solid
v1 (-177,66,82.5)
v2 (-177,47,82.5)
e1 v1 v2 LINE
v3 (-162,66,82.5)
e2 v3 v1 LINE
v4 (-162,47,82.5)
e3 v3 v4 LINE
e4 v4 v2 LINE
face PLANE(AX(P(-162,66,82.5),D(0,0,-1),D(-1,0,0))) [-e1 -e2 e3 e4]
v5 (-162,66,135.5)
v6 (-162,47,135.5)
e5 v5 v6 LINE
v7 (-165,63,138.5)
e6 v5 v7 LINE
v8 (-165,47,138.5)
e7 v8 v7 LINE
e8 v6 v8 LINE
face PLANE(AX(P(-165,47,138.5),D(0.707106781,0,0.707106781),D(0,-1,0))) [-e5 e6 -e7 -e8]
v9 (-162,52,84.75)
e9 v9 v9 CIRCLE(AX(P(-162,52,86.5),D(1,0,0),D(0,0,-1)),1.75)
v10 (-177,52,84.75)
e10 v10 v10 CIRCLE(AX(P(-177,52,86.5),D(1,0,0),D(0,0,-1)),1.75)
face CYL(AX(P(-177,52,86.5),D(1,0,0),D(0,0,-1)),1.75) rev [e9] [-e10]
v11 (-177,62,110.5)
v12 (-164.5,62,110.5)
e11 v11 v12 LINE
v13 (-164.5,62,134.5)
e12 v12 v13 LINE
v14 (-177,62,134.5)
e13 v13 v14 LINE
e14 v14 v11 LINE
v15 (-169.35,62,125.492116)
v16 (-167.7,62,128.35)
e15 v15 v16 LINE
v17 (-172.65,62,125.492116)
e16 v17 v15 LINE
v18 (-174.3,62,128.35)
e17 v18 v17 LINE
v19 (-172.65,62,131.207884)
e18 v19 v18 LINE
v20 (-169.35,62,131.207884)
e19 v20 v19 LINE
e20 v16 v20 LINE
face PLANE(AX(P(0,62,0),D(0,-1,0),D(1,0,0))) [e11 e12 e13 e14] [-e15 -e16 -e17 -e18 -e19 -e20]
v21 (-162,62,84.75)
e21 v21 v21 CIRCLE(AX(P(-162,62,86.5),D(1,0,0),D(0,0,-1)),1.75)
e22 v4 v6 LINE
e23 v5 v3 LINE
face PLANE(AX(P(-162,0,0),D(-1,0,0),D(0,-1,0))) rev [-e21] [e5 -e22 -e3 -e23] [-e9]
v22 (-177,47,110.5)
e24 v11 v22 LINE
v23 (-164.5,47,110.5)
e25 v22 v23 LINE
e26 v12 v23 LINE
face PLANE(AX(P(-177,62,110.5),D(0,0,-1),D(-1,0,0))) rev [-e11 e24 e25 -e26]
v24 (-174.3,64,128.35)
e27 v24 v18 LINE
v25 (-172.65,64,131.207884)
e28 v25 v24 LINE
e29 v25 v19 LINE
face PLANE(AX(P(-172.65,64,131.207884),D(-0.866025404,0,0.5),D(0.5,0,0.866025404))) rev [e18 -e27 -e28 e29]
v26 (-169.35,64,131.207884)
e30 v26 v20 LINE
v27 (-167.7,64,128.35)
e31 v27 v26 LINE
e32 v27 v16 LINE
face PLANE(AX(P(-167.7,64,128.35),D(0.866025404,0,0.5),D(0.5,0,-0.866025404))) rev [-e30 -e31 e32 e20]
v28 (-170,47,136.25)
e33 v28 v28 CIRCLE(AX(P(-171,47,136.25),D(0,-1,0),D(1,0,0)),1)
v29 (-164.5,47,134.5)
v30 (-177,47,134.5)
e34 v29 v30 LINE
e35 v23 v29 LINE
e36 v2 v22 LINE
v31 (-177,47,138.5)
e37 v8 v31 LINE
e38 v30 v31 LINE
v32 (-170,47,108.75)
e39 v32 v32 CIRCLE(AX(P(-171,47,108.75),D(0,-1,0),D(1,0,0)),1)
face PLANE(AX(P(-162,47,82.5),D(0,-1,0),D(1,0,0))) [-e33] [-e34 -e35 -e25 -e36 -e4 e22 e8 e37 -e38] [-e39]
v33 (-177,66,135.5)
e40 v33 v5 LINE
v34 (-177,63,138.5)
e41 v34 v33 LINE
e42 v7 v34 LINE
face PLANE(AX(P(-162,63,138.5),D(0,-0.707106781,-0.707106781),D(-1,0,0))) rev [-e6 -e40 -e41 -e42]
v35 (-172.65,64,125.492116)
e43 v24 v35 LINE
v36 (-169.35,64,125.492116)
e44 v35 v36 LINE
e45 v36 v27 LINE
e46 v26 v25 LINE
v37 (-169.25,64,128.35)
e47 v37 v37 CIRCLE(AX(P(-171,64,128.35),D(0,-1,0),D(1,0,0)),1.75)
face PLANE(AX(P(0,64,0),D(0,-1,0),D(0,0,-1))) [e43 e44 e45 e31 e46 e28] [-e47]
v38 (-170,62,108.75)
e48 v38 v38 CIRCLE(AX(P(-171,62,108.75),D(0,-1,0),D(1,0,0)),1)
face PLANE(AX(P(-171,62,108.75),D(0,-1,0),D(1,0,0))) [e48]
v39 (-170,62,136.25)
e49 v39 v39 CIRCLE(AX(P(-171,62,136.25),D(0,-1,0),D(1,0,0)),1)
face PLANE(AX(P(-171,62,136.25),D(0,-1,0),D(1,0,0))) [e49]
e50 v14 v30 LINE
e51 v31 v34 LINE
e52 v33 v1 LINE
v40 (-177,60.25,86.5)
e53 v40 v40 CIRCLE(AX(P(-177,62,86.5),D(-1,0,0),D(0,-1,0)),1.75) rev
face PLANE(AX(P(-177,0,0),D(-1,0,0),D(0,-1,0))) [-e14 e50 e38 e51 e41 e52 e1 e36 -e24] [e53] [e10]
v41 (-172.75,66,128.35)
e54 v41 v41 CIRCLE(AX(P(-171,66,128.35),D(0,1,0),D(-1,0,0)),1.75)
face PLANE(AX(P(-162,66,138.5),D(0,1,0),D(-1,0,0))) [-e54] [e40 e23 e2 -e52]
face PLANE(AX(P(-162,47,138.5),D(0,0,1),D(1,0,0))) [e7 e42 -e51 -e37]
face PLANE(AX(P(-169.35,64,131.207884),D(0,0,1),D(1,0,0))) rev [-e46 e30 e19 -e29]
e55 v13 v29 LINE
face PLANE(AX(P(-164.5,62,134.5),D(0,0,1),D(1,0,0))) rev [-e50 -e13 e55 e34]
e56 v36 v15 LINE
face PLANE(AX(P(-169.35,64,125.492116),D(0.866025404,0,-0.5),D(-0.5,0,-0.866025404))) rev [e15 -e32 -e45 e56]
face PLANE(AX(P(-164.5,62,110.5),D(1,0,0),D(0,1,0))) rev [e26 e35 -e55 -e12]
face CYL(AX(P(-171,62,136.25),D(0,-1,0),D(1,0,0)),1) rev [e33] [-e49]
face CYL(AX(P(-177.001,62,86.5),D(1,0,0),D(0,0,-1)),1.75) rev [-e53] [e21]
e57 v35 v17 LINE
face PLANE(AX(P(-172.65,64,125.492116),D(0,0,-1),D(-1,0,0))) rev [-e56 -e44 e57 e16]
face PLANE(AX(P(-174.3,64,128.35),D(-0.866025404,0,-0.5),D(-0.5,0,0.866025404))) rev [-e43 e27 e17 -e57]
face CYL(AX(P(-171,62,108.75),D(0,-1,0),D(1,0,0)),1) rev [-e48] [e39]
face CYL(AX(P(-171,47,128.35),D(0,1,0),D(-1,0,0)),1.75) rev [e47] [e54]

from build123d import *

# Parameters (mm, degrees)
CROQUIS1_W              = 19
CROQUIS1_H              = 56
SALIENTE_EXTRUIR1_DEPTH = 15
CHAFL_N1_SIZE           = 3
CROQUIS2_W              = 12.5
CROQUIS2_H              = 24
CORTAR_EXTRUIR1_DEPTH   = 15
CROQUIS3_R              = 1
CORTAR_EXTRUIR2_DEPTH   = 15
CROQUIS8_R              = 1
CORTAR_EXTRUIR3_DEPTH   = 15
CROQUIS9_R              = 1.75
CORTAR_EXTRUIR4_DEPTH   = 16
CORTAR_EXTRUIR5_REACH   = 17
CROQUIS10_R             = 1.75
CROQUIS11_R             = 1.75
CORTAR_EXTRUIR6_DEPTH   = 20
CROQUIS12_R             = 1.75
CORTAR_EXTRUIR7_DEPTH   = 2


with BuildPart() as part:
    # Croquis1 → Saliente-Extruir1 (new body)
    with BuildSketch(Plane(origin=(-177, 0, 0), x_dir=(0, -1, 0), z_dir=(-1, 0, 0))):
        with Locations((-56.5, 110.5)):
            Rectangle(CROQUIS1_W, CROQUIS1_H)
    extrude(amount=-SALIENTE_EXTRUIR1_DEPTH)

    # Chaflán1
    chafl_n1_edges = [part.edges().sort_by_distance(p)[0] for p in [
        (-162, 56.5, 138.5),
        (-169.5, 66, 138.5),
    ]]
    chamfer(chafl_n1_edges, length=CHAFL_N1_SIZE)

    # Croquis2 → Cortar-Extruir1 (cut)
    with BuildSketch(Plane.XZ.offset(-47)):
        with Locations((-170.75, 122.5)):
            Rectangle(CROQUIS2_W, CROQUIS2_H)
    extrude(amount=-CORTAR_EXTRUIR1_DEPTH, mode=Mode.SUBTRACT)

    # Croquis3 → Cortar-Extruir2 (cut)
    with BuildSketch(Plane.XZ.offset(-47)):
        with Locations((-171, 136.25)):
            Circle(CROQUIS3_R)
    extrude(amount=-CORTAR_EXTRUIR2_DEPTH, mode=Mode.SUBTRACT)

    # Croquis8 → Cortar-Extruir3 (cut)
    with BuildSketch(Plane(origin=(0, 47, 0), x_dir=(-1, 0, 0), z_dir=(0, -1, 0))):
        with Locations((171, -108.75)):
            Circle(CROQUIS8_R)
    extrude(amount=-CORTAR_EXTRUIR3_DEPTH, mode=Mode.SUBTRACT)

    # Croquis9 → Cortar-Extruir4 (cut, through all)
    with BuildSketch(Plane(origin=(-162, 0, 0), x_dir=(0, 0, -1), z_dir=(1, 0, 0))):
        with Locations((-86.5, 52)):
            Circle(CROQUIS9_R)
    extrude(amount=-CORTAR_EXTRUIR4_DEPTH, mode=Mode.SUBTRACT)

    # Croquis10 → Cortar-Extruir5 (cut, up to next)
    with BuildSketch(Plane(origin=(-162, 0, 0), x_dir=(0, 0, -1), z_dir=(1, 0, 0)), mode=Mode.PRIVATE) as cortar_extruir5_sk1:
        with Locations((-86.5, 62)):
            Circle(CROQUIS10_R)
    cortar_extruir5_tool1 = extrude(cortar_extruir5_sk1.sketch, amount=-CORTAR_EXTRUIR5_REACH, mode=Mode.PRIVATE) & part.part
    add(cortar_extruir5_tool1.solids().sort_by_distance((-162, 62, 86.5))[0], mode=Mode.SUBTRACT)

    # Croquis11 → Cortar-Extruir6 (cut, through all)
    with BuildSketch(Plane(origin=(0, 66, 0), x_dir=(-1, 0, 0), z_dir=(0, 1, 0))):
        with Locations((171, 128.35)):
            Circle(CROQUIS11_R)
    extrude(amount=-CORTAR_EXTRUIR6_DEPTH, mode=Mode.SUBTRACT)

    # Croquis12 → Cortar-Extruir7 (cut)
    with BuildSketch(Plane.XZ.offset(-62)):
        Polygon((-172.65, 125.492116168), (-169.35, 125.492116168), (-167.7, 128.35), (-169.35, 131.207883832), (-172.65, 131.207883832), (-174.3, 128.35), align=None)
        with Locations((-171, 128.35)):
            Circle(CROQUIS12_R, mode=Mode.SUBTRACT)
    extrude(amount=-CORTAR_EXTRUIR7_DEPTH, mode=Mode.SUBTRACT)


solid = part.part
